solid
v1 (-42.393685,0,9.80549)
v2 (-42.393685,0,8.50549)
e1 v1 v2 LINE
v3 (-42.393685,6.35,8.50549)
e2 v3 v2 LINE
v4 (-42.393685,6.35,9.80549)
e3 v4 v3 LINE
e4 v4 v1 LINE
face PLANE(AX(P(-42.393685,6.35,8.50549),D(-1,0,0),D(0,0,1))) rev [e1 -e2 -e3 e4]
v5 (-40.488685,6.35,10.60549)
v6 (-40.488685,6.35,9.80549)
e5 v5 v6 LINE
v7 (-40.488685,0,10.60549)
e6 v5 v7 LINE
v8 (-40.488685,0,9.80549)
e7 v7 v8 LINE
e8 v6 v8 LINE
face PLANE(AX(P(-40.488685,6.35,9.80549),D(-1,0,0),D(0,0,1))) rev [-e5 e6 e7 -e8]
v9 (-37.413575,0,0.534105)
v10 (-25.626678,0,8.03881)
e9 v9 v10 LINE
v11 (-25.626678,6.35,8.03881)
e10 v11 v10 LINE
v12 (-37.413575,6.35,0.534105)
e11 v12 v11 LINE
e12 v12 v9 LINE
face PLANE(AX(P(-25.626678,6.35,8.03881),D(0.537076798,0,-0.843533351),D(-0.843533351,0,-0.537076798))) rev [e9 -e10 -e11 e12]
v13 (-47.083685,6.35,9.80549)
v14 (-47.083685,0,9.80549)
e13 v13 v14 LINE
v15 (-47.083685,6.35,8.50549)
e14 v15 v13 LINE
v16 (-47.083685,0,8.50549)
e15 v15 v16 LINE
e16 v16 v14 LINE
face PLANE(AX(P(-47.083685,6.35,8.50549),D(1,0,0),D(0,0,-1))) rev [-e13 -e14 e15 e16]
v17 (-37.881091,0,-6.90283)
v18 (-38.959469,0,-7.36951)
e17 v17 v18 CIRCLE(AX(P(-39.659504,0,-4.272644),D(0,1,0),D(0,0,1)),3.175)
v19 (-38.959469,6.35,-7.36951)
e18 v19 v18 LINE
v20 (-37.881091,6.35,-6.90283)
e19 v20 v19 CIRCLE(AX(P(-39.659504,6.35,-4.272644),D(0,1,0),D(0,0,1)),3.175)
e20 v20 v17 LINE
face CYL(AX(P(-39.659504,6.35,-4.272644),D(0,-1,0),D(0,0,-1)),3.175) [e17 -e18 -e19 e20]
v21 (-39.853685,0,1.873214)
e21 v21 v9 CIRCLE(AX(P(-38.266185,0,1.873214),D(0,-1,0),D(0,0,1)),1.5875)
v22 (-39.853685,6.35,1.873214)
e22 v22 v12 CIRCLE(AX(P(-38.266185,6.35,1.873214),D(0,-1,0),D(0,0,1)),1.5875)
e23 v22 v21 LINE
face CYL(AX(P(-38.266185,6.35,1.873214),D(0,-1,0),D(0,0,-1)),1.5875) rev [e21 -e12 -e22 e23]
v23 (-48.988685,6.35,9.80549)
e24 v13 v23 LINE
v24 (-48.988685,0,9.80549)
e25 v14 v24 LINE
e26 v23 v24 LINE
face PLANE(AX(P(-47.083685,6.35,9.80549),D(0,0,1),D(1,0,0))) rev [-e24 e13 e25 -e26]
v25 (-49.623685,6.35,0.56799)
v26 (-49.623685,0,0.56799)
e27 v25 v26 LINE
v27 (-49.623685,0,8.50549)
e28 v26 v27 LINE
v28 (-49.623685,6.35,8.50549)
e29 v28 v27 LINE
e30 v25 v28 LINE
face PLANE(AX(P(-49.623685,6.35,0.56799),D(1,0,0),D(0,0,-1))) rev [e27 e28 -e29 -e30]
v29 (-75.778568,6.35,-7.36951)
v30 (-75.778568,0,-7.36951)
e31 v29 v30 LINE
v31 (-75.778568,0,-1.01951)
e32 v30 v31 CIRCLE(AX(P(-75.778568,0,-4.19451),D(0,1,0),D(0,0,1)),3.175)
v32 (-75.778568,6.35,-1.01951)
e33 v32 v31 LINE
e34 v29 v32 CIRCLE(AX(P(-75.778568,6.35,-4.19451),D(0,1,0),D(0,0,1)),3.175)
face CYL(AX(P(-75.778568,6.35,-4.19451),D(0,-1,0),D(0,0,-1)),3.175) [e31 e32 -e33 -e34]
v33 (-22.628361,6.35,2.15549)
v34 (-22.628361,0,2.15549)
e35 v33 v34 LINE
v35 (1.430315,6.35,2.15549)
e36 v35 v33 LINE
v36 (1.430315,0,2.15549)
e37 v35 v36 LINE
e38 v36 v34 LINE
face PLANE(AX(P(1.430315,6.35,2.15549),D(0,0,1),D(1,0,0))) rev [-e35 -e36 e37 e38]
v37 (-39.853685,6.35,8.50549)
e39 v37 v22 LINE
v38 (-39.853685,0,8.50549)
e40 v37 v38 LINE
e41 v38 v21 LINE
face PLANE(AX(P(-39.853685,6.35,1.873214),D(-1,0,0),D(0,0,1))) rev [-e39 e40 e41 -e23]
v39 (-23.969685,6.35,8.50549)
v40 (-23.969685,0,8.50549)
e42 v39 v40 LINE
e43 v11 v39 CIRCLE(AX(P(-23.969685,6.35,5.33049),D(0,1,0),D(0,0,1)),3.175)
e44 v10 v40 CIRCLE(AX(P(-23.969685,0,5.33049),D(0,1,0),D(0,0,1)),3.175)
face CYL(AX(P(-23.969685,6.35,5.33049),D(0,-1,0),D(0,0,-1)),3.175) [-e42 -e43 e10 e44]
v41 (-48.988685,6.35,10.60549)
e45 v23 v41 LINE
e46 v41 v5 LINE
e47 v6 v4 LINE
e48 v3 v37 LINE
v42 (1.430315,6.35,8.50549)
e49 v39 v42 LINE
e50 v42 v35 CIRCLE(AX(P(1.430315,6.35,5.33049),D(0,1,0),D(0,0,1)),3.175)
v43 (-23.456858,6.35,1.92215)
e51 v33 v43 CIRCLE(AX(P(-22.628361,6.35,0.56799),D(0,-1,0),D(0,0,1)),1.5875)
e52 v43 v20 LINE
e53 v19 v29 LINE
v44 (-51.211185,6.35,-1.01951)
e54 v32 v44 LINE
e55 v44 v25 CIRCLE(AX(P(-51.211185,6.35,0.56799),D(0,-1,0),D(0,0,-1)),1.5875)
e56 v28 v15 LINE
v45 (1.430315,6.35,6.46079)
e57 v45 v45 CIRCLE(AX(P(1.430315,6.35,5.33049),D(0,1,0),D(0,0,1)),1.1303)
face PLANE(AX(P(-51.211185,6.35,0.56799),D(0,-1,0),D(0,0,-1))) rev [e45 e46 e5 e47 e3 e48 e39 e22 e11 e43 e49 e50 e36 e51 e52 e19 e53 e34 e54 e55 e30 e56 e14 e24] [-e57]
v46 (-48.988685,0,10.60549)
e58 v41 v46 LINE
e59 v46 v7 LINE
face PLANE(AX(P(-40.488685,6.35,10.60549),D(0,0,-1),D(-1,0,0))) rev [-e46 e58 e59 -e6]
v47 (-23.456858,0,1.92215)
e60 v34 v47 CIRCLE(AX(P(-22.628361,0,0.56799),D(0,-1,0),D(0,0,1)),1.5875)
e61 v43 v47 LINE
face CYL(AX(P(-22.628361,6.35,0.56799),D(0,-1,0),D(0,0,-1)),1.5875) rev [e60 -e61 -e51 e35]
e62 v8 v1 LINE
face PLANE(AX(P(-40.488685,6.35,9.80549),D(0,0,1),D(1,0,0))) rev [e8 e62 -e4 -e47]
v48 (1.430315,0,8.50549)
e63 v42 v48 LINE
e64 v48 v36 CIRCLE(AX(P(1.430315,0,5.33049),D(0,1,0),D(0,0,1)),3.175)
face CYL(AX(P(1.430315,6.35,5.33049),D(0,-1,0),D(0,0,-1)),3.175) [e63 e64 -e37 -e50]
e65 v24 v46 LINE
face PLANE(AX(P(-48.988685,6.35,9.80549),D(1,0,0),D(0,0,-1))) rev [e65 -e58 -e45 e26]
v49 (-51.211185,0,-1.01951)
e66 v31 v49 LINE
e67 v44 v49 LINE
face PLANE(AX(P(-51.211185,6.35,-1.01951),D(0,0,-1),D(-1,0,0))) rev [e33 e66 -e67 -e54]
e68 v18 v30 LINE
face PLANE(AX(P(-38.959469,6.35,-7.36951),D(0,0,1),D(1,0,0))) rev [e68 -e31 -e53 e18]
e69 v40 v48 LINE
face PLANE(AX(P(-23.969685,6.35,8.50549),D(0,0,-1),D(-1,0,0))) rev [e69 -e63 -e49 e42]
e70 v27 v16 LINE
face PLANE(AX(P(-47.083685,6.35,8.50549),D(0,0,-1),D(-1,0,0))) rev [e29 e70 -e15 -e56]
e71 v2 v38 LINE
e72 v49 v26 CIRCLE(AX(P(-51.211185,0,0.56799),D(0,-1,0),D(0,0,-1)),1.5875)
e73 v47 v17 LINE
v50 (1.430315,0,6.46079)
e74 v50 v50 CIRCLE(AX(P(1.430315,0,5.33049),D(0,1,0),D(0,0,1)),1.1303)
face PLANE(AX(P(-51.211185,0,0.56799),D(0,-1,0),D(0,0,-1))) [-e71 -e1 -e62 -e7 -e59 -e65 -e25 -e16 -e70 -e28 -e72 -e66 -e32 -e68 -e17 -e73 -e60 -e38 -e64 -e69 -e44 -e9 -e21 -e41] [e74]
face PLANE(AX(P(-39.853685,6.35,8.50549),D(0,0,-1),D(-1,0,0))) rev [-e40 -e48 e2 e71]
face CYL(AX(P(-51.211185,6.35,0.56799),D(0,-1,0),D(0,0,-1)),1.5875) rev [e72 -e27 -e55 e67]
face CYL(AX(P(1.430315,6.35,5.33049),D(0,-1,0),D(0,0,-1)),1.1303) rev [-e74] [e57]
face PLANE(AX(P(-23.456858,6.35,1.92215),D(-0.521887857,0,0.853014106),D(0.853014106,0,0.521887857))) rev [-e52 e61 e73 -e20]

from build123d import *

# Parameters (mm, degrees)
SKETCH1_R           = 1.1303
BOSS_EXTRUDE1_DEPTH = 6.35


with BuildPart() as part:
    # Sketch1 → Boss-Extrude1 (new body)
    with BuildSketch(Plane(origin=(0, 0, 0), x_dir=(1, 0, 0), z_dir=(0, 1, 0))):
        with BuildLine():
            Line((1.430315472, -2.155489974), (-22.62836127, -2.155489974))
            ThreePointArc((-22.62836127, -2.155489974), (-23.058725894, -2.096041852), (-23.456858243, -1.922149868))
            Line((-23.456858243, -1.922149868), (-37.881091448, 6.902829812))
            ThreePointArc((-37.881091448, 6.902829812), (-38.398503134, 7.18649116), (-38.959469005, 7.369510026))
            Line((-38.959469005, 7.369510026), (-75.77856814, 7.369510026))
            ThreePointArc((-75.77856814, 7.369510026), (-78.95356814, 4.194510026), (-75.77856814, 1.019510026))
            Line((-75.77856814, 1.019510026), (-51.211184528, 1.019510026))
            ThreePointArc((-51.211184528, 1.019510026), (-50.088652513, 0.554542041), (-49.623684528, -0.567989974))
            Line((-49.623684528, -0.567989974), (-49.623684528, -8.505489974))
            Line((-49.623684528, -8.505489974), (-47.083684528, -8.505489974))
            Line((-47.083684528, -8.505489974), (-47.083684528, -9.805489974))
            Line((-47.083684528, -9.805489974), (-48.988684528, -9.805489974))
            Line((-48.988684528, -9.805489974), (-48.988684528, -10.605489974))
            Line((-48.988684528, -10.605489974), (-40.48868451, -10.605489974))
            Line((-40.48868451, -10.605489974), (-40.48868451, -9.805489974))
            Line((-40.48868451, -9.805489974), (-42.39368451, -9.805489974))
            Line((-42.39368451, -9.805489974), (-42.39368451, -8.505489974))
            Line((-42.39368451, -8.505489974), (-39.85368451, -8.505489974))
            Line((-39.85368451, -8.505489974), (-39.85368451, -1.873214268))
            ThreePointArc((-39.85368451, -1.873214268), (-39.029938005, -0.481511409), (-37.413575094, -0.534105074))
            Line((-37.413575094, -0.534105074), (-25.626678473, -8.038809761))
            ThreePointArc((-25.626678473, -8.038809761), (-24.830413776, -8.386593729), (-23.969684528, -8.505489974))
            Line((-23.969684528, -8.505489974), (1.430315472, -8.505489974))
            ThreePointArc((1.430315472, -8.505489974), (4.605315472, -5.330489974), (1.430315472, -2.155489974))
        make_face()
        with Locations(Location((1.430315472, -5.330489974, 0), (0, 0, 270))):
            Circle(SKETCH1_R, mode=Mode.SUBTRACT)
    extrude(amount=BOSS_EXTRUDE1_DEPTH)


solid = part.part
